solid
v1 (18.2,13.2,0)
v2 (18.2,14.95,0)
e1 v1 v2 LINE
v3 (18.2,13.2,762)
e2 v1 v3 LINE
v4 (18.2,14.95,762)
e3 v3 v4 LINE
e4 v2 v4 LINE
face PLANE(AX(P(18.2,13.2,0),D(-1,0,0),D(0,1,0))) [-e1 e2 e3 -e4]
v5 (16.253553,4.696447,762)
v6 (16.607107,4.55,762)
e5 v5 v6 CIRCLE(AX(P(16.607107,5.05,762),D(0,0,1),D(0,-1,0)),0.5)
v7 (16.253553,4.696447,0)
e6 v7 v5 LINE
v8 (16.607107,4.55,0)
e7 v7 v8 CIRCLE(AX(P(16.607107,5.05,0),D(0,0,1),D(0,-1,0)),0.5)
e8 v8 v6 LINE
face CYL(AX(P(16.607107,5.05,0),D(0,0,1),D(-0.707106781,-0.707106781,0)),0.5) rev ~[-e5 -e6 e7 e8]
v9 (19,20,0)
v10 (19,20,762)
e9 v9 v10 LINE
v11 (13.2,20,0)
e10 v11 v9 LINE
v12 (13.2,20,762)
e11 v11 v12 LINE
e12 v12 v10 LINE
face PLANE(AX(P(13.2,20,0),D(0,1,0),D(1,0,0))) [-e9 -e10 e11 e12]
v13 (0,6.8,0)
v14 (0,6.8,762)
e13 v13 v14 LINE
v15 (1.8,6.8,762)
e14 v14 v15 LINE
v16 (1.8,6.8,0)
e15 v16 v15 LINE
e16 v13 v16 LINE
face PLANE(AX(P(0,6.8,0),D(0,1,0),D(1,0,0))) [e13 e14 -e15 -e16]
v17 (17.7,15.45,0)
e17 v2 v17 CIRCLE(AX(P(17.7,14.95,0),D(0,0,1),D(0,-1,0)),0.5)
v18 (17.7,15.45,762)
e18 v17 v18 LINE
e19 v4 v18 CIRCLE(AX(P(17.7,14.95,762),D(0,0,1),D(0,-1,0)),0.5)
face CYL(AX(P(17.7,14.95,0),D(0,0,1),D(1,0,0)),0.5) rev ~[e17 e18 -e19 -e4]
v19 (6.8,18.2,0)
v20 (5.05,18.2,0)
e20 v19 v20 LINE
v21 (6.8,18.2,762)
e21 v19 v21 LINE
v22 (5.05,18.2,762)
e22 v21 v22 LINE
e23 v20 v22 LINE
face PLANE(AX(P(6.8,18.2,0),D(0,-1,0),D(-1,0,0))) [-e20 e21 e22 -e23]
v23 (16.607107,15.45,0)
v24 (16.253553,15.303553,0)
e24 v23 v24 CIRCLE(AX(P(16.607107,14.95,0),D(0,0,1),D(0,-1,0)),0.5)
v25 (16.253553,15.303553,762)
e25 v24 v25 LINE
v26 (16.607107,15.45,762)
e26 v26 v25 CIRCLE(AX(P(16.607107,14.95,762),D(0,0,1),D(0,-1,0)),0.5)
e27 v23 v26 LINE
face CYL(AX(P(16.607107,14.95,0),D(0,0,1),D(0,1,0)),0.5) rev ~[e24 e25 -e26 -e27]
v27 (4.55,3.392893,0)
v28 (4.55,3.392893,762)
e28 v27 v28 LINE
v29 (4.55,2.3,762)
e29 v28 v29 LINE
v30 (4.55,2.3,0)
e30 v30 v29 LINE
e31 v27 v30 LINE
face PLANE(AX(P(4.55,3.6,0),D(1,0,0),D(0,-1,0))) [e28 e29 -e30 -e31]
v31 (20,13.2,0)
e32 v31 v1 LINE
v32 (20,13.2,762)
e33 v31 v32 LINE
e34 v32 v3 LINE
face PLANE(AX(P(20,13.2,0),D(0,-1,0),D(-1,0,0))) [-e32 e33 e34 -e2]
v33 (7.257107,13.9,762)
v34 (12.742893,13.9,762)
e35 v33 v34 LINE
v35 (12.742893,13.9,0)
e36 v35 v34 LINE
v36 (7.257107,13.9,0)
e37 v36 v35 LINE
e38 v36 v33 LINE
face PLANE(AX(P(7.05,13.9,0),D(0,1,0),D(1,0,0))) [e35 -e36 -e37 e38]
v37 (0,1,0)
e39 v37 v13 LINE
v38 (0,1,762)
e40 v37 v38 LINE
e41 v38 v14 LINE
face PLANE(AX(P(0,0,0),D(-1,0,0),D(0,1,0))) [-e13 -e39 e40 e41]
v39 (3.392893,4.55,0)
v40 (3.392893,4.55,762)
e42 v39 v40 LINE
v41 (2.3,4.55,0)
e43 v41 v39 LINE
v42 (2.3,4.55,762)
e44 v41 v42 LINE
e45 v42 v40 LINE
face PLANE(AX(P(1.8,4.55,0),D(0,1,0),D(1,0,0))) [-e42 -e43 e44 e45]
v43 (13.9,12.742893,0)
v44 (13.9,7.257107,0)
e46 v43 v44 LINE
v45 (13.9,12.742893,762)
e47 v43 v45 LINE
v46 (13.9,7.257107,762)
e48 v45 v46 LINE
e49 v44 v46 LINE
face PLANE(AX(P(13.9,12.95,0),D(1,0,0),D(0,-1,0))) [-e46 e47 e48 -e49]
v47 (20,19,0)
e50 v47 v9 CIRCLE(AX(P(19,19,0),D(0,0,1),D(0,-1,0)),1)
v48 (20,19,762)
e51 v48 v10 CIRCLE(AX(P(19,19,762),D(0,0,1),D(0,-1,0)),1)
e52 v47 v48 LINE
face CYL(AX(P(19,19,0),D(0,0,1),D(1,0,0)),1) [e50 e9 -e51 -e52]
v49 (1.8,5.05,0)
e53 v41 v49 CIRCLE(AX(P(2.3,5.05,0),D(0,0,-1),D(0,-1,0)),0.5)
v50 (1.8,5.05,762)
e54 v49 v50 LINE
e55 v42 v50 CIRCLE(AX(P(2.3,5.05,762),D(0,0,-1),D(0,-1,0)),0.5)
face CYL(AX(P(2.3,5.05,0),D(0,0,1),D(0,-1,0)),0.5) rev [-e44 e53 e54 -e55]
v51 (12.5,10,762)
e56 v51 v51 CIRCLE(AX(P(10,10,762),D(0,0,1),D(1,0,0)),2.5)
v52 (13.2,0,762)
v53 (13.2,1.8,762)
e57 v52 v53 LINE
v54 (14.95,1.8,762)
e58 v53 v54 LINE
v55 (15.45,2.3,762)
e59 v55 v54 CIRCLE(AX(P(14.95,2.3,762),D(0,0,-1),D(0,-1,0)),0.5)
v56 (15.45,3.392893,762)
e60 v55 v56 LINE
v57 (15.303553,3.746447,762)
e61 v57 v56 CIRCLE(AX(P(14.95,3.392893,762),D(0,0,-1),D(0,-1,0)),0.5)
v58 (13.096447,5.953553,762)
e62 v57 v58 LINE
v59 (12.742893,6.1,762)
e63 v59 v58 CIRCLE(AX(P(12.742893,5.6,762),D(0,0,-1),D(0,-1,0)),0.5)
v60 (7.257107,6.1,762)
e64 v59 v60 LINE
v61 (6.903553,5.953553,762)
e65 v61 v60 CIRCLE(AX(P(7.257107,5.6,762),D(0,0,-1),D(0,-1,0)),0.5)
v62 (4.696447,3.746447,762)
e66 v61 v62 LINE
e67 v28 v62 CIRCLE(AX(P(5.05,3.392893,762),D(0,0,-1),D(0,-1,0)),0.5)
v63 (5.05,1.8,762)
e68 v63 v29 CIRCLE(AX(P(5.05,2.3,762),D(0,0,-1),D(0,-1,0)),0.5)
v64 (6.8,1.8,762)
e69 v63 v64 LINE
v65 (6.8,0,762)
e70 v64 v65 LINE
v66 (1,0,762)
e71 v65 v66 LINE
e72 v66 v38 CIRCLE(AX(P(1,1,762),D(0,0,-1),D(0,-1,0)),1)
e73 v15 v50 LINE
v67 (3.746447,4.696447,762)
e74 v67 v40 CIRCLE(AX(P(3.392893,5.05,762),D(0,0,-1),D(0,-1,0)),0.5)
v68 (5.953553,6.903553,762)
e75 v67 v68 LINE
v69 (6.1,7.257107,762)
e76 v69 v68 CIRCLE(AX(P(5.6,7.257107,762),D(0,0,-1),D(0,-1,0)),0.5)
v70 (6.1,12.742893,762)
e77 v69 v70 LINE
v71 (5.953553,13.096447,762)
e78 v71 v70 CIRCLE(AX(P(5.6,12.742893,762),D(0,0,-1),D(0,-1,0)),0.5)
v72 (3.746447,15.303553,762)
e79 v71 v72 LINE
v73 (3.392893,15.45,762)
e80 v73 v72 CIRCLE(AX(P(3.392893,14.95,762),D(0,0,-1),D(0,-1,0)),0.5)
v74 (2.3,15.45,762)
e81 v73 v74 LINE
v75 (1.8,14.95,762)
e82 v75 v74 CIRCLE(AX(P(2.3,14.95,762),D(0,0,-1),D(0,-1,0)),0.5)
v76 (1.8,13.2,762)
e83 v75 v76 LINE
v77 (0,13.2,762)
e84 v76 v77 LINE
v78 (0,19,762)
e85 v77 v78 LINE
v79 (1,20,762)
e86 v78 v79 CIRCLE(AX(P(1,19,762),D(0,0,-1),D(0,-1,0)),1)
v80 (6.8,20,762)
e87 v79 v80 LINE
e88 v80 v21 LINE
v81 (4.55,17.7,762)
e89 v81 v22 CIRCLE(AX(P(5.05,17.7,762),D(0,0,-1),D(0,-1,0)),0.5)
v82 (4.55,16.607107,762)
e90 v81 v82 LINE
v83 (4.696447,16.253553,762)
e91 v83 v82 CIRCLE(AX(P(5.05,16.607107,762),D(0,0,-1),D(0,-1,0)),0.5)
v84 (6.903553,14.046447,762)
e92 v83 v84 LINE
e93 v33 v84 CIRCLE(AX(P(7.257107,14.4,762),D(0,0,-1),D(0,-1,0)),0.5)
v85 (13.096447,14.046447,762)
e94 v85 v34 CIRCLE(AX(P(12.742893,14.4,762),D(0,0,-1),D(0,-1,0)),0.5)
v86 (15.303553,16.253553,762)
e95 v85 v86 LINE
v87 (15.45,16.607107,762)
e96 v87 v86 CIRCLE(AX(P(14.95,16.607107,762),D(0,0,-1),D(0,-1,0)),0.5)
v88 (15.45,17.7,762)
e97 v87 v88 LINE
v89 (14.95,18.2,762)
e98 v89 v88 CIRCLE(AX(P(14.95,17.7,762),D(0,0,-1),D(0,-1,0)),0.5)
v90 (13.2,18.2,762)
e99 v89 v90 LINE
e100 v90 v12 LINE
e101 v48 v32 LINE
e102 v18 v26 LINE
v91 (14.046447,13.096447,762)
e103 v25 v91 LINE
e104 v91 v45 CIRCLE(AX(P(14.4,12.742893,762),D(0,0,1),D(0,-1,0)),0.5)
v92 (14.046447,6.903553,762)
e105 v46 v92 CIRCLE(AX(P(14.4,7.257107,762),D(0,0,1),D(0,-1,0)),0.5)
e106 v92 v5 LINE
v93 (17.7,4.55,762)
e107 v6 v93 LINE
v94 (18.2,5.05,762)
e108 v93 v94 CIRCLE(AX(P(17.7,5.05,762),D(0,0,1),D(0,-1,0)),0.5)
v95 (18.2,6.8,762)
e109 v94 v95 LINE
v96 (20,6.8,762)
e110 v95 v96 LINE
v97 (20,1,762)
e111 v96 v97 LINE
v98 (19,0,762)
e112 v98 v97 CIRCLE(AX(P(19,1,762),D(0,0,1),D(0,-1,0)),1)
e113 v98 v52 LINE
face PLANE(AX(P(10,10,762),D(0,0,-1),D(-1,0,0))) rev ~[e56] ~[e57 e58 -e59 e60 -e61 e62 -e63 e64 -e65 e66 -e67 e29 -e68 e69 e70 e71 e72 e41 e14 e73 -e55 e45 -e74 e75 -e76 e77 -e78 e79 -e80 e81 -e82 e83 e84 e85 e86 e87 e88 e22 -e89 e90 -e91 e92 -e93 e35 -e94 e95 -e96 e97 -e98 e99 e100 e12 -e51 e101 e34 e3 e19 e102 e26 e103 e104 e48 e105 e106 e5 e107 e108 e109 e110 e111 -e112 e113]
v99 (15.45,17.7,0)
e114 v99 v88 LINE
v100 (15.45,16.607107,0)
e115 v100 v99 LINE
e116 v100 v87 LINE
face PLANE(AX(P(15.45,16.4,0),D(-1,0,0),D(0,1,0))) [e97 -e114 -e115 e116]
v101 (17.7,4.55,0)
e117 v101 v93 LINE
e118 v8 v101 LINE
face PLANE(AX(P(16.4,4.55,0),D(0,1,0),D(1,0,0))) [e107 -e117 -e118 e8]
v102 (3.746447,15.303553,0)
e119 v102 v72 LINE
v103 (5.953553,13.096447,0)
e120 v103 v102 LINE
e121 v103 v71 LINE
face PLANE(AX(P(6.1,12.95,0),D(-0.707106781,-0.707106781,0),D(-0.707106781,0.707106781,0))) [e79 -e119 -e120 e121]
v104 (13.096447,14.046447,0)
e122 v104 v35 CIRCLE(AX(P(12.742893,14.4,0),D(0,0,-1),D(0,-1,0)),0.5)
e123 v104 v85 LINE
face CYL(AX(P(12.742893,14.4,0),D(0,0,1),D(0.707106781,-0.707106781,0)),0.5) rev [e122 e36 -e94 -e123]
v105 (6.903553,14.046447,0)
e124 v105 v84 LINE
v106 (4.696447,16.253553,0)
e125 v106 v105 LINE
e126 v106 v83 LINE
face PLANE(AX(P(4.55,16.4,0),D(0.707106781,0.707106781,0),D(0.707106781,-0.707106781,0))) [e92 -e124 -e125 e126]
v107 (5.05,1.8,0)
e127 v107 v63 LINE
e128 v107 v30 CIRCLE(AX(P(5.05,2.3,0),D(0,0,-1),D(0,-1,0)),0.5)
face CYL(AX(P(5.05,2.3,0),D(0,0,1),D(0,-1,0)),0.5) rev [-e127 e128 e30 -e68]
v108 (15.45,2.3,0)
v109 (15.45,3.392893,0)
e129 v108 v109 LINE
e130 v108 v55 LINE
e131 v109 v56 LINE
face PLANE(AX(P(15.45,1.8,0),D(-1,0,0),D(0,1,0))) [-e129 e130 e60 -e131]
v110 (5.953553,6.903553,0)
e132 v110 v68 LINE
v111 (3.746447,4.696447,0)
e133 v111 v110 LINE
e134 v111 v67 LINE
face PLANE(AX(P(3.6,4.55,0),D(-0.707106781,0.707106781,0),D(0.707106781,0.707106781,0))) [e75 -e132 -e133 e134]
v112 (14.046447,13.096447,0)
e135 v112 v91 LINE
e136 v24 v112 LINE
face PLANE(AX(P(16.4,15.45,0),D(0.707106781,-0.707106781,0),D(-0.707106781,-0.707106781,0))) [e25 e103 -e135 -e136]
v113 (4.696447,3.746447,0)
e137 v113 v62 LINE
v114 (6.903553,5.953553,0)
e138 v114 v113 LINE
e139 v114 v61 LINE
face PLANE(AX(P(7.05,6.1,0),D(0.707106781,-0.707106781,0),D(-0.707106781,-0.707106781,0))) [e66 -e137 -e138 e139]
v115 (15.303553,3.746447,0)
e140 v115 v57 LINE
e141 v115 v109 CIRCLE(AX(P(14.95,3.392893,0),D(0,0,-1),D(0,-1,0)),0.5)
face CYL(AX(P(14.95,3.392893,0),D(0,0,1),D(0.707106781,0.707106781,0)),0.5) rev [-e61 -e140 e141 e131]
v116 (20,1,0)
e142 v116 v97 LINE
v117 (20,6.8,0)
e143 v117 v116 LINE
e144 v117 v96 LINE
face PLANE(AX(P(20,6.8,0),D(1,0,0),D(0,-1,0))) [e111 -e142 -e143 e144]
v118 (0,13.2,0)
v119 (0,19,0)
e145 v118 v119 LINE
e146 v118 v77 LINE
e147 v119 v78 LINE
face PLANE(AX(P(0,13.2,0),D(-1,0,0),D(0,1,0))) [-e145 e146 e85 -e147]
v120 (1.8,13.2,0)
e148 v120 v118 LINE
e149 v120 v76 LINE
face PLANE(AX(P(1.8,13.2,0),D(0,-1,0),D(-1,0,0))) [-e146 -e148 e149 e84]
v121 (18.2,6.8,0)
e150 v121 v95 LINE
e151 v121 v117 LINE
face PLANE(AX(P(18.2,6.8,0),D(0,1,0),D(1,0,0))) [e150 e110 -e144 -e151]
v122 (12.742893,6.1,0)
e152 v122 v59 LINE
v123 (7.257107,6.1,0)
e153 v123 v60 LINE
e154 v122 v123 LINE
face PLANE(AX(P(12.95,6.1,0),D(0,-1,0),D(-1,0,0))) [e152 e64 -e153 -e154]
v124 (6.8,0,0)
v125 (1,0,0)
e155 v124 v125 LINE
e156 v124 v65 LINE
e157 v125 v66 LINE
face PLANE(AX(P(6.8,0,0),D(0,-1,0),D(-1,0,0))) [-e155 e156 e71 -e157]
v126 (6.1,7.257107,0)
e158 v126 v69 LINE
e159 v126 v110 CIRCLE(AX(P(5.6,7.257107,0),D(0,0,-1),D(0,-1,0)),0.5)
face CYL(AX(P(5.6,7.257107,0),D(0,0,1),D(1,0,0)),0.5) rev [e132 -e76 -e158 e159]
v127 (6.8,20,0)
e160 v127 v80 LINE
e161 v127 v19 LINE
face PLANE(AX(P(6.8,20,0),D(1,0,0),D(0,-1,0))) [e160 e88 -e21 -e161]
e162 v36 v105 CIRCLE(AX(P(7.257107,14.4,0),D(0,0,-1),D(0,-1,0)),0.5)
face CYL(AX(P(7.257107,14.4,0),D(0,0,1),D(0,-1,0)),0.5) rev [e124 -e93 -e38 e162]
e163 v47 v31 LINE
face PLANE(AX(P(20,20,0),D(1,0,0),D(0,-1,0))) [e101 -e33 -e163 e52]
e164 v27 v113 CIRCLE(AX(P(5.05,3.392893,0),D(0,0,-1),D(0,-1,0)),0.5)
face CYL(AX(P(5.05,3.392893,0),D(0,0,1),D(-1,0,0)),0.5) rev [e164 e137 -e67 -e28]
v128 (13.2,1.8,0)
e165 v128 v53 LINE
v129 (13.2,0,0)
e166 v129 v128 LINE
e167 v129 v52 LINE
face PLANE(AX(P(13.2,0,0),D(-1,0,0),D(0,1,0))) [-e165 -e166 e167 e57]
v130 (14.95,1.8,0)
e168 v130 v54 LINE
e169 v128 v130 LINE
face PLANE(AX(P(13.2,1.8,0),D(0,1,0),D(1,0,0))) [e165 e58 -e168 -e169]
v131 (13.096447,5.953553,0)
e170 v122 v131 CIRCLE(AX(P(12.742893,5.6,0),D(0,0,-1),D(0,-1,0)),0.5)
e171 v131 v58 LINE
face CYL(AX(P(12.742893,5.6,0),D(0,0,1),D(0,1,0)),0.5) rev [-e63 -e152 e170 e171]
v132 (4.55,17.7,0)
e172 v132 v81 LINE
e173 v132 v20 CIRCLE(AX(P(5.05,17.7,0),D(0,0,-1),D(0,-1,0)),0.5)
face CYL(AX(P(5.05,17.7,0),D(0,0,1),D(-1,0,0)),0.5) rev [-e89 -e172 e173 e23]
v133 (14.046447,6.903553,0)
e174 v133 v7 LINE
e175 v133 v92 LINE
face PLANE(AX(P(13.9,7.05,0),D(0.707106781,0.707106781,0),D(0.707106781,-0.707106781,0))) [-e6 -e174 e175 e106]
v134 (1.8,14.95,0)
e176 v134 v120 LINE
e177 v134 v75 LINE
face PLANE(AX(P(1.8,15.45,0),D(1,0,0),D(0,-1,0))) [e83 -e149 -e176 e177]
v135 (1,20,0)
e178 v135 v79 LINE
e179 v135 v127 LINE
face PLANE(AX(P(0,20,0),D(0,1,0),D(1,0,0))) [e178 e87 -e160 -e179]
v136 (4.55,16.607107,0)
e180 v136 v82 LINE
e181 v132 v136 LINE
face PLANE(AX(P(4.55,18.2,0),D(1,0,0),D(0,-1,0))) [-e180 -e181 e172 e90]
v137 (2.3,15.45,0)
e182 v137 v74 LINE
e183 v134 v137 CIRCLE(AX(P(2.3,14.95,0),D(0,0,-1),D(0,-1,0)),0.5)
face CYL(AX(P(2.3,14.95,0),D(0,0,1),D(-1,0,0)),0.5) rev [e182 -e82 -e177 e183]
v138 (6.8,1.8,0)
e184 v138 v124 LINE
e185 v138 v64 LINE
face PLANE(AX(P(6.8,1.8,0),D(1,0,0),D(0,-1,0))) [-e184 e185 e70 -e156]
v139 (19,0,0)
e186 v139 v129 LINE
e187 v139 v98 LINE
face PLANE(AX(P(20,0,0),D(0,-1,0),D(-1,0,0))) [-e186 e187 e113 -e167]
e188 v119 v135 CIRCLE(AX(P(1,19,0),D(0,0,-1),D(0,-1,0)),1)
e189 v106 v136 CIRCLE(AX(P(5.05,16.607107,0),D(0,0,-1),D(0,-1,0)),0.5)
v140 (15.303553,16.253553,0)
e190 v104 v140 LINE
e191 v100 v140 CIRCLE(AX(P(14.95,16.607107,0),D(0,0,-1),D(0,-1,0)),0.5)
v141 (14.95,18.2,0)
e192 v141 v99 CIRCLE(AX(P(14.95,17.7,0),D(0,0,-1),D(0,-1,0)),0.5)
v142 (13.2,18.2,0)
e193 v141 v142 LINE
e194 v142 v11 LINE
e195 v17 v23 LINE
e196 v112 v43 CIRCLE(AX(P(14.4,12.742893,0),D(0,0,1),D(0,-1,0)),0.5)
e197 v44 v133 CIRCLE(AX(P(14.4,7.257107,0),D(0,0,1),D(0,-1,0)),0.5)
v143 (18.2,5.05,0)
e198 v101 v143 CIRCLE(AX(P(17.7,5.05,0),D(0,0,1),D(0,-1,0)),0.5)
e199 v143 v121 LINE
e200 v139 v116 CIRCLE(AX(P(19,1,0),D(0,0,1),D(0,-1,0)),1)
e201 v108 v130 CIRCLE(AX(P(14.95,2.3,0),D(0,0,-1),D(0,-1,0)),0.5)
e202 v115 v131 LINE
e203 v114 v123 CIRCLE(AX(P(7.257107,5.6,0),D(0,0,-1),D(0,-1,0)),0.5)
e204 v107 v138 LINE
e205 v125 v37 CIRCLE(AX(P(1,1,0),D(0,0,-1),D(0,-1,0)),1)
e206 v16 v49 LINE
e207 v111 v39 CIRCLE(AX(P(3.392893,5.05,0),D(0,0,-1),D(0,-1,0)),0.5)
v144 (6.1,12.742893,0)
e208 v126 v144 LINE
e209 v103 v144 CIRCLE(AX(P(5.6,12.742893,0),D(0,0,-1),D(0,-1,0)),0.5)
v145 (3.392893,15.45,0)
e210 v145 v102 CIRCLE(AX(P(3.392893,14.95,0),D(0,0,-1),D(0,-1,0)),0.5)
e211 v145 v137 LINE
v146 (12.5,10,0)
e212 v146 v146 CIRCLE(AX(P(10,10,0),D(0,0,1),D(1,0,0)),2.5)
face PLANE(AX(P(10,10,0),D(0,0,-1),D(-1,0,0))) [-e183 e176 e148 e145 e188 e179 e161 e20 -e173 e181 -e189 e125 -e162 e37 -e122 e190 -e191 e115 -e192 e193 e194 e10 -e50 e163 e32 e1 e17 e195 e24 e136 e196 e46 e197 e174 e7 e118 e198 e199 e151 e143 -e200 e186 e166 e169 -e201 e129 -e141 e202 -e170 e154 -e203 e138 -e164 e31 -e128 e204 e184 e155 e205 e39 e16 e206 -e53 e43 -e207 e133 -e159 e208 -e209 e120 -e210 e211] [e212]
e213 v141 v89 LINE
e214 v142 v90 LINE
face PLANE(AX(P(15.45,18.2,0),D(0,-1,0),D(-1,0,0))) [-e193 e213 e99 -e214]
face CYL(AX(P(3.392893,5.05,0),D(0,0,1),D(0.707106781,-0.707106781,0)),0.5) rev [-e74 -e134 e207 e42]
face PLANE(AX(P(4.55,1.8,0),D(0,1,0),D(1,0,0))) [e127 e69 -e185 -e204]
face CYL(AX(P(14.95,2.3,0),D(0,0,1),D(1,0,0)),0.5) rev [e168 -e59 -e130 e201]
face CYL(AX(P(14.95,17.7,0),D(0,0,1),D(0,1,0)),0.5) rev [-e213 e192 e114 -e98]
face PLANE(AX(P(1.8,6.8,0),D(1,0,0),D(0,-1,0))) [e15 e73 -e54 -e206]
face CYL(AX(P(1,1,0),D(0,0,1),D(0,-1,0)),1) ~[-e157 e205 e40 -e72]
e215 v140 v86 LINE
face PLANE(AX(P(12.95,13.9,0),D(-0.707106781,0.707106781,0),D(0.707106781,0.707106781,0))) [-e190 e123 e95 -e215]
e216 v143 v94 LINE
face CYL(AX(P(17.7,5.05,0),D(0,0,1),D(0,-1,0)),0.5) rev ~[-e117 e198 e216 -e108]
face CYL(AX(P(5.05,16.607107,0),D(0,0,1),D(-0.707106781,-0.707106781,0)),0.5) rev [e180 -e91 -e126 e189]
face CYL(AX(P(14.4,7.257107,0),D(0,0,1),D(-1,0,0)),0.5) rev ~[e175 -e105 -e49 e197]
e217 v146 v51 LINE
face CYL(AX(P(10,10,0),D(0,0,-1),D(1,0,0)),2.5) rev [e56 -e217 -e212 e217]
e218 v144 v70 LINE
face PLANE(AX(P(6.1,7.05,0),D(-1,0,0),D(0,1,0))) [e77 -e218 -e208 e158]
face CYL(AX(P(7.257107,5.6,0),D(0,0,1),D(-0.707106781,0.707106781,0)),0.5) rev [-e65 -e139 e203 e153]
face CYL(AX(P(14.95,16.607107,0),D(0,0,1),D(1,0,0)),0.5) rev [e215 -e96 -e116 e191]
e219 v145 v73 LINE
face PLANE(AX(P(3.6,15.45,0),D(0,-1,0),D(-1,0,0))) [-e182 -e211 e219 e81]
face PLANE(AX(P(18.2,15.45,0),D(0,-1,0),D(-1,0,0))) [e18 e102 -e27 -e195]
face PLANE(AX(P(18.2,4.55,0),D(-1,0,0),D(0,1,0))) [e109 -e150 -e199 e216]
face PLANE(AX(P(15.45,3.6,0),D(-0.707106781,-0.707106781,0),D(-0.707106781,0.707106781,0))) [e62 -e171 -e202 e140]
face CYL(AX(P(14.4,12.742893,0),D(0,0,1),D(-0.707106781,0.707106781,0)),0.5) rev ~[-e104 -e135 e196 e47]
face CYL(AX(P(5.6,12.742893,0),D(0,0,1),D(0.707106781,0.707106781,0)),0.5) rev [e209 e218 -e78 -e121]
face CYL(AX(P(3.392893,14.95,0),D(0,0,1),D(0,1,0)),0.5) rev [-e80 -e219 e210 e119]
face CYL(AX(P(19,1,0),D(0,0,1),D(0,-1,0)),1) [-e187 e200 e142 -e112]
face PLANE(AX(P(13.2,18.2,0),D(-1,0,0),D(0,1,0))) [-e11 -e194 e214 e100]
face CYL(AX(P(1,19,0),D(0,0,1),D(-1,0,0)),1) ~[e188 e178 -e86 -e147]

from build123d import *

# Parameters (mm, degrees)
SKETCH1_R           = 2.5
BOSS_EXTRUDE1_DEPTH = 762
FILLET1_R           = 1
FILLET2_R           = 0.5
FILLET3_R           = 0.5
FILLET4_R           = 0.5
FILLET5_R           = 0.5


with BuildPart() as part:
    # Sketch1 → Boss-Extrude1 (new body)
    with BuildSketch(Plane.XY):
        Polygon((13.2, 0), (13.2, 1.8), (15.45, 1.8), (15.45, 3.6), (12.95, 6.1), (7.05, 6.1), (4.55, 3.6), (4.55, 1.8), (6.8, 1.8), (6.8, 0), (0, 0), (0, 6.8), (1.8, 6.8), (1.8, 4.55), (3.6, 4.55), (6.1, 7.05), (6.1, 12.95), (3.6, 15.45), (1.8, 15.45), (1.8, 13.2), (0, 13.2), (0, 20), (6.8, 20), (6.8, 18.2), (4.55, 18.2), (4.55, 16.4), (7.05, 13.9), (12.95, 13.9), (15.45, 16.4), (15.45, 18.2), (13.2, 18.2), (13.2, 20), (20, 20), (20, 13.2), (18.2, 13.2), (18.2, 15.45), (16.4, 15.45), (13.9, 12.95), (13.9, 7.05), (16.4, 4.55), (18.2, 4.55), (18.2, 6.8), (20, 6.8), (20, 0), align=None)
        with Locations((10, 10)):
            Circle(SKETCH1_R, mode=Mode.SUBTRACT)
    extrude(amount=BOSS_EXTRUDE1_DEPTH)

    # Fillet1
    fillet1_edges = [part.edges().sort_by_distance(p)[0] for p in [
        (0, 0, 381),
        (0, 20, 381),
        (20, 20, 381),
        (20, 0, 381),
    ]]
    fillet(fillet1_edges, radius=FILLET1_R)

    # Fillet2
    fillet2_edges = [part.edges().sort_by_distance(p)[0] for p in [
        (4.55, 18.2, 381),
        (4.55, 16.4, 381),
        (7.05, 13.9, 381),
        (12.95, 13.9, 381),
        (15.45, 16.4, 381),
        (15.45, 18.2, 381),
    ]]
    fillet(fillet2_edges, radius=FILLET2_R)

    # Fillet3
    fillet3_edges = [part.edges().sort_by_distance(p)[0] for p in [
        (18.2, 15.45, 381),
        (16.4, 15.45, 381),
        (13.9, 12.95, 381),
        (13.9, 7.05, 381),
        (16.4, 4.55, 381),
        (18.2, 4.55, 381),
    ]]
    fillet(fillet3_edges, radius=FILLET3_R)

    # Fillet4
    fillet4_edges = [part.edges().sort_by_distance(p)[0] for p in [
        (1.8, 4.55, 381),
        (3.6, 4.55, 381),
        (6.1, 7.05, 381),
        (6.1, 12.95, 381),
        (3.6, 15.45, 381),
        (1.8, 15.45, 381),
    ]]
    fillet(fillet4_edges, radius=FILLET4_R)

    # Fillet5
    fillet5_edges = [part.edges().sort_by_distance(p)[0] for p in [
        (15.45, 1.8, 381),
        (15.45, 3.6, 381),
        (12.95, 6.1, 381),
        (7.05, 6.1, 381),
        (4.55, 3.6, 381),
        (4.55, 1.8, 381),
    ]]
    fillet(fillet5_edges, radius=FILLET5_R)


solid = part.part
